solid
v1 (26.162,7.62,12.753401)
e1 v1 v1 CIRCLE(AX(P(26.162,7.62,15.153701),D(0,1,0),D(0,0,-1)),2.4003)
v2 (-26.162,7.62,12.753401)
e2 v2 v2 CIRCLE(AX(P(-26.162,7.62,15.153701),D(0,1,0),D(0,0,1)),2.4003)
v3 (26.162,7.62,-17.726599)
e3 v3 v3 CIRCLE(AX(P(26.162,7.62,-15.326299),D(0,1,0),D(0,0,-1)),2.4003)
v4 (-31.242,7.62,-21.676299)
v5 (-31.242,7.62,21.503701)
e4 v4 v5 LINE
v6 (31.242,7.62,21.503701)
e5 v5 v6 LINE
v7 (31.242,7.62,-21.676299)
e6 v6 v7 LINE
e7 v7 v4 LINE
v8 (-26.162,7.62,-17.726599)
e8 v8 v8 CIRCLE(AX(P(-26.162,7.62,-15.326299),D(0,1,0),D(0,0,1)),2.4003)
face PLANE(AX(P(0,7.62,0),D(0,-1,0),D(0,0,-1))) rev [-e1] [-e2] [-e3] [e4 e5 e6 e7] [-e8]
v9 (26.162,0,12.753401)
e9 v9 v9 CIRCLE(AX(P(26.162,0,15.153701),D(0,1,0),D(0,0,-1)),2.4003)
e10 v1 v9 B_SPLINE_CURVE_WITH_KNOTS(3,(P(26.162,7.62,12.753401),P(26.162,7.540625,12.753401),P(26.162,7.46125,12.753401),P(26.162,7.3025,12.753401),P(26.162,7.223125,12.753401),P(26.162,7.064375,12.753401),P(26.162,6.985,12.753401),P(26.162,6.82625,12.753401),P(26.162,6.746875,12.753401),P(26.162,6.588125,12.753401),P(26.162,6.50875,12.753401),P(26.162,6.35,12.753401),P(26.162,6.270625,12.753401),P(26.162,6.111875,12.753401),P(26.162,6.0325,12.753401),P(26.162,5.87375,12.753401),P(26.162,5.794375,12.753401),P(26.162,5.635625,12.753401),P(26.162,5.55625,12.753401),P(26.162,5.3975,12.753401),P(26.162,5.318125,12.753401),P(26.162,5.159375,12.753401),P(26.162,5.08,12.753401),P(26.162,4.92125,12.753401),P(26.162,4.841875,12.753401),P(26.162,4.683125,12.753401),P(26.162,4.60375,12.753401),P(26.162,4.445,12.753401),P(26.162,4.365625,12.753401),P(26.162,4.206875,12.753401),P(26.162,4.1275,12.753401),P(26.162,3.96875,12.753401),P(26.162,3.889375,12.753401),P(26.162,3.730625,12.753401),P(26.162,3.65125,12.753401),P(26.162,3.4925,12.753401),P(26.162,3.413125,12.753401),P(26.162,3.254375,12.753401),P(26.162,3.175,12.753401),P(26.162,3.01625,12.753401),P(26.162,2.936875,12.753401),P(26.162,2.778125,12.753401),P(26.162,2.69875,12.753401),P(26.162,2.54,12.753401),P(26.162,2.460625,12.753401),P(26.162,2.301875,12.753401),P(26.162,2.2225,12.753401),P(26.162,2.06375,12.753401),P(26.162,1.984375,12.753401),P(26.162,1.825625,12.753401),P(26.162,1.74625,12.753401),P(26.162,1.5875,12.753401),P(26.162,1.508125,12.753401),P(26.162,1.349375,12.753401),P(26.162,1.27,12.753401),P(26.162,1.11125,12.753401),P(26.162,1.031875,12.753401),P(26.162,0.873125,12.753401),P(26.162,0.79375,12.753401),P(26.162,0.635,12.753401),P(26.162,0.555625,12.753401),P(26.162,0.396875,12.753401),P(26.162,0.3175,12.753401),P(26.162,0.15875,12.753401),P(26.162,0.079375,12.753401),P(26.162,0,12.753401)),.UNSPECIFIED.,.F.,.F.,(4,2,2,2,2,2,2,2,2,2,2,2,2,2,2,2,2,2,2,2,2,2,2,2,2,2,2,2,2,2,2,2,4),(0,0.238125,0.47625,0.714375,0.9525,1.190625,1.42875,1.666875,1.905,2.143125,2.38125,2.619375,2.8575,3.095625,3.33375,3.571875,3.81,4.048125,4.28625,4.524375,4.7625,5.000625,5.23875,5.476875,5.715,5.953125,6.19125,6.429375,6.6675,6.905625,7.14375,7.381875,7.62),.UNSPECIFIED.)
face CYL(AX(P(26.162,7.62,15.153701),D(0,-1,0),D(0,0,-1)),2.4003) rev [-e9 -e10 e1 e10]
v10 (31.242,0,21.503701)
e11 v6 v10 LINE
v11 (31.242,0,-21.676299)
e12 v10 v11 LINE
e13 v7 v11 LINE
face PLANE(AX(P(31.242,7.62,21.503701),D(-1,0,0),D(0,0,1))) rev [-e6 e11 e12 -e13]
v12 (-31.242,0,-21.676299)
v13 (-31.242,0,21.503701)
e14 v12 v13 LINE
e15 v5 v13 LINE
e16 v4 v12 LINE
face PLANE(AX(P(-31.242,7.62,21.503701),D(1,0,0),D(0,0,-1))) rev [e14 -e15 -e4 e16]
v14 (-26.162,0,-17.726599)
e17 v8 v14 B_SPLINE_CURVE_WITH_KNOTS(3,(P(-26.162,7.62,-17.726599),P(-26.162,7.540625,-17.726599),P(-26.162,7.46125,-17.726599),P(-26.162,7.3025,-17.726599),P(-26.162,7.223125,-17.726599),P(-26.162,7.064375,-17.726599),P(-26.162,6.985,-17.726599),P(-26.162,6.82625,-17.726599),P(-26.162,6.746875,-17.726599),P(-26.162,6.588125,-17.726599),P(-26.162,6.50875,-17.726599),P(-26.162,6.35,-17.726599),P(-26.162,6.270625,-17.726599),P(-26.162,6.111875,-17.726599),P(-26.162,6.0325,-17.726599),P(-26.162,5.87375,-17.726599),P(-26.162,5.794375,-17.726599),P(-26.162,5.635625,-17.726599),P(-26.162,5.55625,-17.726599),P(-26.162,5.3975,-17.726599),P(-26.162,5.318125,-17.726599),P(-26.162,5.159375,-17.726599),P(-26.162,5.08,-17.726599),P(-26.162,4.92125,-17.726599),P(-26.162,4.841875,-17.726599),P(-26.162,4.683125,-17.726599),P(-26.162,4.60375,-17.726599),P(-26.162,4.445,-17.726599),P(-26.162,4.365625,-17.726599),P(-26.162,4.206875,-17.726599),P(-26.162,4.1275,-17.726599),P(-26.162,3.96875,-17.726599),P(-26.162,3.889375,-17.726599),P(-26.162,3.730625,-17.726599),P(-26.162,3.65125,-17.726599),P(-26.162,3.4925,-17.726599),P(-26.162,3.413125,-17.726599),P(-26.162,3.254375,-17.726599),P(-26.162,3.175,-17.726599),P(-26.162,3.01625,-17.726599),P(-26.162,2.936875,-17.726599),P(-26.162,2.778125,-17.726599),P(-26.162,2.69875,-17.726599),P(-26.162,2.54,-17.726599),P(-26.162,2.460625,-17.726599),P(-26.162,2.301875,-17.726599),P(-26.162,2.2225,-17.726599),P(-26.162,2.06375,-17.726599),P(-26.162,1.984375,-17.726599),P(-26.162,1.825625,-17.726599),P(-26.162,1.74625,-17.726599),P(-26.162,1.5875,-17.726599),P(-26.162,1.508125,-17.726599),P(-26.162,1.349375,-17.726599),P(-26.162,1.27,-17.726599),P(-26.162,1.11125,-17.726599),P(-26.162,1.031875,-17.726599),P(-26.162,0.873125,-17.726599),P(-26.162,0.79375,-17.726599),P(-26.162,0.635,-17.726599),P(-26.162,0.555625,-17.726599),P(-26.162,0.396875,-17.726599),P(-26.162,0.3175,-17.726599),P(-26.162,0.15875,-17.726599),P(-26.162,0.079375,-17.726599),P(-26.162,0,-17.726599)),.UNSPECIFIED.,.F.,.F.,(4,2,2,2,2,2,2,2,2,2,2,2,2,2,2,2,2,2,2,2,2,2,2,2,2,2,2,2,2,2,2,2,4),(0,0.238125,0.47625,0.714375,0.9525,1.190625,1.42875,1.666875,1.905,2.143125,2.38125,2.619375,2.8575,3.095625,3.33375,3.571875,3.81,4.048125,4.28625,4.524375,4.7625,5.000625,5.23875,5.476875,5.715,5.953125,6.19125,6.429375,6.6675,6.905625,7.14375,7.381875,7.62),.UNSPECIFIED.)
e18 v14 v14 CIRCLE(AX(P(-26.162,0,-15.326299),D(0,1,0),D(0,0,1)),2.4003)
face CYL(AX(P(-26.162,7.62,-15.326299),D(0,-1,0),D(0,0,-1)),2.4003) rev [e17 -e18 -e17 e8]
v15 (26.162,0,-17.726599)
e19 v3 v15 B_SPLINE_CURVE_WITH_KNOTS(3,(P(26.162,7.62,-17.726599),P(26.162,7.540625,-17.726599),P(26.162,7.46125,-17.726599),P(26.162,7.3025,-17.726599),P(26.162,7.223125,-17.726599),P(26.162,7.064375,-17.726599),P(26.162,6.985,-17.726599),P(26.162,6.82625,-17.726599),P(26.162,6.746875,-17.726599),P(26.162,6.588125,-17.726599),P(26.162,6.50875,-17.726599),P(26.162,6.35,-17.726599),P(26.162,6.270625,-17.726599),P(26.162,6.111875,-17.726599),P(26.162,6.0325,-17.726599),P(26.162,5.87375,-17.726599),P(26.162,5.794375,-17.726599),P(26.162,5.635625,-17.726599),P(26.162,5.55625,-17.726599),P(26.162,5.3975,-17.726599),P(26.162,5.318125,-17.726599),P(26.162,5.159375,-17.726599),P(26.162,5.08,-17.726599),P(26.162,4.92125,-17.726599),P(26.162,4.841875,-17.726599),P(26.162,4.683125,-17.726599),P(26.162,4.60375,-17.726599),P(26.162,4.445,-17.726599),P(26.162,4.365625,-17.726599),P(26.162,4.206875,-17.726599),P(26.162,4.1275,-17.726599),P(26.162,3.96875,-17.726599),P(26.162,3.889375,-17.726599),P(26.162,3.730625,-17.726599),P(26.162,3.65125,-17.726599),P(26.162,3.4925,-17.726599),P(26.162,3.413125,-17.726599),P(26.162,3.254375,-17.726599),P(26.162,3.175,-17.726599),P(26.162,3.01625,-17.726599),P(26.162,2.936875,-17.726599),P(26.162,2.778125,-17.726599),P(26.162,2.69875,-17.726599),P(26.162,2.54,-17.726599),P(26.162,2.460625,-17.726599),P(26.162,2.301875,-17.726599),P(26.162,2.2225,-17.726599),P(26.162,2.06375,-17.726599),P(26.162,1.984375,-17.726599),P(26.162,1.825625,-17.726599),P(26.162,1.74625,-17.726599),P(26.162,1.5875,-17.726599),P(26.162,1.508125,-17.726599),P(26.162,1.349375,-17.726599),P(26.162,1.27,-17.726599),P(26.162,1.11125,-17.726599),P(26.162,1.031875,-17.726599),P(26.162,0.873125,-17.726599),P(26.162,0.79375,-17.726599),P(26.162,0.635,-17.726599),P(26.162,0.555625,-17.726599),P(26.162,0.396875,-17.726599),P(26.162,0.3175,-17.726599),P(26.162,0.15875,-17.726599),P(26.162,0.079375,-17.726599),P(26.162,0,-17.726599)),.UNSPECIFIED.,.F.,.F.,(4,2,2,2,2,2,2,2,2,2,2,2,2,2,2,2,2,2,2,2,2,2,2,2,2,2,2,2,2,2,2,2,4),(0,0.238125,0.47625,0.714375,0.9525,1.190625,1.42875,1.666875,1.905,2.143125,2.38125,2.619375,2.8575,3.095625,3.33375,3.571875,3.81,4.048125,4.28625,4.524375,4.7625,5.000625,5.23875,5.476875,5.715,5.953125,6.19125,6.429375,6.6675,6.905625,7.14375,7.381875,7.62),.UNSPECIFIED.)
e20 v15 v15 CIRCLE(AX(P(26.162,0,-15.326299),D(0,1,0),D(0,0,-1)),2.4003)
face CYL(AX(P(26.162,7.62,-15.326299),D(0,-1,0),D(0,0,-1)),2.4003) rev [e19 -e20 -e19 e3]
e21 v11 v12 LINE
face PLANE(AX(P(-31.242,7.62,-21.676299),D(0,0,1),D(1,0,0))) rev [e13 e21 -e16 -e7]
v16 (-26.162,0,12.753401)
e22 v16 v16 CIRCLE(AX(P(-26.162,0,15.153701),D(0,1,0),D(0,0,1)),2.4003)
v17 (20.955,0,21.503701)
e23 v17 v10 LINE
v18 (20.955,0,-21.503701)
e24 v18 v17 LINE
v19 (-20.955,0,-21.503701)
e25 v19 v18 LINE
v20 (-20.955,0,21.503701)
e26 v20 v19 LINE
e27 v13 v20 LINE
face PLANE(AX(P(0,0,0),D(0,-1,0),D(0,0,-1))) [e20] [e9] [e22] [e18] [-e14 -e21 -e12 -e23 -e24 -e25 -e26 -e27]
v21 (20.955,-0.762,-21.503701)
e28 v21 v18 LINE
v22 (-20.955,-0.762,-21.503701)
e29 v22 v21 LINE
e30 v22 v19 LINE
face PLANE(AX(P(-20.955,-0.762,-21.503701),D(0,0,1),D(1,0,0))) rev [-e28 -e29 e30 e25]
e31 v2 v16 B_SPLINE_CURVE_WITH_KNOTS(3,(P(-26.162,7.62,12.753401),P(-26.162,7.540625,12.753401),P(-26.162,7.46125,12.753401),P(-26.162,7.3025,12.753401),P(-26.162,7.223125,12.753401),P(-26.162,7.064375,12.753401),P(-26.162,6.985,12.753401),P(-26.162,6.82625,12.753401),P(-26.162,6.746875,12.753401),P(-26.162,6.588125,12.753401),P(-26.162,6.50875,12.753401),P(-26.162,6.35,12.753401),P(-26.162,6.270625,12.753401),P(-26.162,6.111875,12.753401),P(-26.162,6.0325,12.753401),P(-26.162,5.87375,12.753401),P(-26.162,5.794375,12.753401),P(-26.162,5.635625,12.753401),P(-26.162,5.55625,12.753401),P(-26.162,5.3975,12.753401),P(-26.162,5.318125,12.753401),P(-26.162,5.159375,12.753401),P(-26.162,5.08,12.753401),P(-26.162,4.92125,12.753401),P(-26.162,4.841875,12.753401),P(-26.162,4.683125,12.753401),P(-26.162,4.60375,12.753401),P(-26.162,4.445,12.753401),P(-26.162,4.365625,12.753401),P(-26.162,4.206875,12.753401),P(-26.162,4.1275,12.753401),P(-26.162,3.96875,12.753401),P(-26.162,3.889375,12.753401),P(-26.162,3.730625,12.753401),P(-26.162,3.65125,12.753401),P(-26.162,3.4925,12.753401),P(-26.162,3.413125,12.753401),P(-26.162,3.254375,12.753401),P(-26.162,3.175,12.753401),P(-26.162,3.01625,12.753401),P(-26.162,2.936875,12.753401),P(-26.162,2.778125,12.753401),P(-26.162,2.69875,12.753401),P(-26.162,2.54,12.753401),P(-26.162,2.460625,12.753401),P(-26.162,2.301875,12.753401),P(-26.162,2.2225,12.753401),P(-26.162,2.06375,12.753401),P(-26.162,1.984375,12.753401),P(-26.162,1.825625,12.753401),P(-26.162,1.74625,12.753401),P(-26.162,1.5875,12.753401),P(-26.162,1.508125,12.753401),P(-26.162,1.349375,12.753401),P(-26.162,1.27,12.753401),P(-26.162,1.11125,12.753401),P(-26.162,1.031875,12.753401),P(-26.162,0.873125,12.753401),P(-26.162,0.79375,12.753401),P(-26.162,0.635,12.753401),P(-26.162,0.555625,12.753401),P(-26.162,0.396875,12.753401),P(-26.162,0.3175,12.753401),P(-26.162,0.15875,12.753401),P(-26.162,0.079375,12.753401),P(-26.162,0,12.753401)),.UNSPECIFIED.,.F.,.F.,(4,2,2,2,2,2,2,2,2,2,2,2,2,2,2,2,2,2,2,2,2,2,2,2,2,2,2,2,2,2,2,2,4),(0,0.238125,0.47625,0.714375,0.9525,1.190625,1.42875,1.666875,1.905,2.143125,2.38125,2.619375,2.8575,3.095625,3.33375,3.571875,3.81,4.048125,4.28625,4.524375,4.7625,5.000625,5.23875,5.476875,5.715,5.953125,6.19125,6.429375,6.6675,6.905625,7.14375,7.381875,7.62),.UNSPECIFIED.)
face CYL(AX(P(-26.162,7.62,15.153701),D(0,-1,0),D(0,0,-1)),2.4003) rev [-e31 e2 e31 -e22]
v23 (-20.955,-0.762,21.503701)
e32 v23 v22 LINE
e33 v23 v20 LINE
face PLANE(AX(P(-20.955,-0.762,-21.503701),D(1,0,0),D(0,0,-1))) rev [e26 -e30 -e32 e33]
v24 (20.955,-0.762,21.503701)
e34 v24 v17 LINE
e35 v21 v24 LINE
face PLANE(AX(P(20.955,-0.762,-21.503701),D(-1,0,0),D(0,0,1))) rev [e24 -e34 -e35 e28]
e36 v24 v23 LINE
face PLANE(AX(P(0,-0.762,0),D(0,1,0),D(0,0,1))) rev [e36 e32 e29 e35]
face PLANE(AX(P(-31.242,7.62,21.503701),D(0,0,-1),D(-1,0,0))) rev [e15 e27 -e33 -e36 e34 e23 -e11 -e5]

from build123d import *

# Parameters (mm, degrees)
SKETCH1_W           = 62.484
SKETCH1_H           = 43.18
SKETCH1_R           = 2.4003
BOSS_EXTRUDE1_DEPTH = 7.62
SKETCH2_W           = 41.91
SKETCH2_H           = 43.007401248
BOSS_EXTRUDE2_DEPTH = 0.762


with BuildPart() as part:
    # Sketch1 → Boss-Extrude1 (new body)
    with BuildSketch(Plane(origin=(0, 0, 0), x_dir=(1, 0, 0), z_dir=(0, 1, 0))):
        with Locations((0, 0.086299376)):
            Rectangle(SKETCH1_W, SKETCH1_H)
        with Locations(Location((-26.162, 15.326299376, 0), (0, 0, 90))):
            Circle(SKETCH1_R, mode=Mode.SUBTRACT)
        with Locations(Location((-26.162, -15.153700624, 0), (0, 0, 90))):
            Circle(SKETCH1_R, mode=Mode.SUBTRACT)
        with Locations(Location((26.162, -15.153700624, 0), (0, 0, 90))):
            Circle(SKETCH1_R, mode=Mode.SUBTRACT)
        with Locations(Location((26.162, 15.326299376, 0), (0, 0, 90))):
            Circle(SKETCH1_R, mode=Mode.SUBTRACT)
    extrude(amount=BOSS_EXTRUDE1_DEPTH)

    # Sketch2 → Boss-Extrude2 (add)
    with BuildSketch(Plane.XZ):
        Rectangle(SKETCH2_W, SKETCH2_H)
    extrude(amount=BOSS_EXTRUDE2_DEPTH)


solid = part.part
